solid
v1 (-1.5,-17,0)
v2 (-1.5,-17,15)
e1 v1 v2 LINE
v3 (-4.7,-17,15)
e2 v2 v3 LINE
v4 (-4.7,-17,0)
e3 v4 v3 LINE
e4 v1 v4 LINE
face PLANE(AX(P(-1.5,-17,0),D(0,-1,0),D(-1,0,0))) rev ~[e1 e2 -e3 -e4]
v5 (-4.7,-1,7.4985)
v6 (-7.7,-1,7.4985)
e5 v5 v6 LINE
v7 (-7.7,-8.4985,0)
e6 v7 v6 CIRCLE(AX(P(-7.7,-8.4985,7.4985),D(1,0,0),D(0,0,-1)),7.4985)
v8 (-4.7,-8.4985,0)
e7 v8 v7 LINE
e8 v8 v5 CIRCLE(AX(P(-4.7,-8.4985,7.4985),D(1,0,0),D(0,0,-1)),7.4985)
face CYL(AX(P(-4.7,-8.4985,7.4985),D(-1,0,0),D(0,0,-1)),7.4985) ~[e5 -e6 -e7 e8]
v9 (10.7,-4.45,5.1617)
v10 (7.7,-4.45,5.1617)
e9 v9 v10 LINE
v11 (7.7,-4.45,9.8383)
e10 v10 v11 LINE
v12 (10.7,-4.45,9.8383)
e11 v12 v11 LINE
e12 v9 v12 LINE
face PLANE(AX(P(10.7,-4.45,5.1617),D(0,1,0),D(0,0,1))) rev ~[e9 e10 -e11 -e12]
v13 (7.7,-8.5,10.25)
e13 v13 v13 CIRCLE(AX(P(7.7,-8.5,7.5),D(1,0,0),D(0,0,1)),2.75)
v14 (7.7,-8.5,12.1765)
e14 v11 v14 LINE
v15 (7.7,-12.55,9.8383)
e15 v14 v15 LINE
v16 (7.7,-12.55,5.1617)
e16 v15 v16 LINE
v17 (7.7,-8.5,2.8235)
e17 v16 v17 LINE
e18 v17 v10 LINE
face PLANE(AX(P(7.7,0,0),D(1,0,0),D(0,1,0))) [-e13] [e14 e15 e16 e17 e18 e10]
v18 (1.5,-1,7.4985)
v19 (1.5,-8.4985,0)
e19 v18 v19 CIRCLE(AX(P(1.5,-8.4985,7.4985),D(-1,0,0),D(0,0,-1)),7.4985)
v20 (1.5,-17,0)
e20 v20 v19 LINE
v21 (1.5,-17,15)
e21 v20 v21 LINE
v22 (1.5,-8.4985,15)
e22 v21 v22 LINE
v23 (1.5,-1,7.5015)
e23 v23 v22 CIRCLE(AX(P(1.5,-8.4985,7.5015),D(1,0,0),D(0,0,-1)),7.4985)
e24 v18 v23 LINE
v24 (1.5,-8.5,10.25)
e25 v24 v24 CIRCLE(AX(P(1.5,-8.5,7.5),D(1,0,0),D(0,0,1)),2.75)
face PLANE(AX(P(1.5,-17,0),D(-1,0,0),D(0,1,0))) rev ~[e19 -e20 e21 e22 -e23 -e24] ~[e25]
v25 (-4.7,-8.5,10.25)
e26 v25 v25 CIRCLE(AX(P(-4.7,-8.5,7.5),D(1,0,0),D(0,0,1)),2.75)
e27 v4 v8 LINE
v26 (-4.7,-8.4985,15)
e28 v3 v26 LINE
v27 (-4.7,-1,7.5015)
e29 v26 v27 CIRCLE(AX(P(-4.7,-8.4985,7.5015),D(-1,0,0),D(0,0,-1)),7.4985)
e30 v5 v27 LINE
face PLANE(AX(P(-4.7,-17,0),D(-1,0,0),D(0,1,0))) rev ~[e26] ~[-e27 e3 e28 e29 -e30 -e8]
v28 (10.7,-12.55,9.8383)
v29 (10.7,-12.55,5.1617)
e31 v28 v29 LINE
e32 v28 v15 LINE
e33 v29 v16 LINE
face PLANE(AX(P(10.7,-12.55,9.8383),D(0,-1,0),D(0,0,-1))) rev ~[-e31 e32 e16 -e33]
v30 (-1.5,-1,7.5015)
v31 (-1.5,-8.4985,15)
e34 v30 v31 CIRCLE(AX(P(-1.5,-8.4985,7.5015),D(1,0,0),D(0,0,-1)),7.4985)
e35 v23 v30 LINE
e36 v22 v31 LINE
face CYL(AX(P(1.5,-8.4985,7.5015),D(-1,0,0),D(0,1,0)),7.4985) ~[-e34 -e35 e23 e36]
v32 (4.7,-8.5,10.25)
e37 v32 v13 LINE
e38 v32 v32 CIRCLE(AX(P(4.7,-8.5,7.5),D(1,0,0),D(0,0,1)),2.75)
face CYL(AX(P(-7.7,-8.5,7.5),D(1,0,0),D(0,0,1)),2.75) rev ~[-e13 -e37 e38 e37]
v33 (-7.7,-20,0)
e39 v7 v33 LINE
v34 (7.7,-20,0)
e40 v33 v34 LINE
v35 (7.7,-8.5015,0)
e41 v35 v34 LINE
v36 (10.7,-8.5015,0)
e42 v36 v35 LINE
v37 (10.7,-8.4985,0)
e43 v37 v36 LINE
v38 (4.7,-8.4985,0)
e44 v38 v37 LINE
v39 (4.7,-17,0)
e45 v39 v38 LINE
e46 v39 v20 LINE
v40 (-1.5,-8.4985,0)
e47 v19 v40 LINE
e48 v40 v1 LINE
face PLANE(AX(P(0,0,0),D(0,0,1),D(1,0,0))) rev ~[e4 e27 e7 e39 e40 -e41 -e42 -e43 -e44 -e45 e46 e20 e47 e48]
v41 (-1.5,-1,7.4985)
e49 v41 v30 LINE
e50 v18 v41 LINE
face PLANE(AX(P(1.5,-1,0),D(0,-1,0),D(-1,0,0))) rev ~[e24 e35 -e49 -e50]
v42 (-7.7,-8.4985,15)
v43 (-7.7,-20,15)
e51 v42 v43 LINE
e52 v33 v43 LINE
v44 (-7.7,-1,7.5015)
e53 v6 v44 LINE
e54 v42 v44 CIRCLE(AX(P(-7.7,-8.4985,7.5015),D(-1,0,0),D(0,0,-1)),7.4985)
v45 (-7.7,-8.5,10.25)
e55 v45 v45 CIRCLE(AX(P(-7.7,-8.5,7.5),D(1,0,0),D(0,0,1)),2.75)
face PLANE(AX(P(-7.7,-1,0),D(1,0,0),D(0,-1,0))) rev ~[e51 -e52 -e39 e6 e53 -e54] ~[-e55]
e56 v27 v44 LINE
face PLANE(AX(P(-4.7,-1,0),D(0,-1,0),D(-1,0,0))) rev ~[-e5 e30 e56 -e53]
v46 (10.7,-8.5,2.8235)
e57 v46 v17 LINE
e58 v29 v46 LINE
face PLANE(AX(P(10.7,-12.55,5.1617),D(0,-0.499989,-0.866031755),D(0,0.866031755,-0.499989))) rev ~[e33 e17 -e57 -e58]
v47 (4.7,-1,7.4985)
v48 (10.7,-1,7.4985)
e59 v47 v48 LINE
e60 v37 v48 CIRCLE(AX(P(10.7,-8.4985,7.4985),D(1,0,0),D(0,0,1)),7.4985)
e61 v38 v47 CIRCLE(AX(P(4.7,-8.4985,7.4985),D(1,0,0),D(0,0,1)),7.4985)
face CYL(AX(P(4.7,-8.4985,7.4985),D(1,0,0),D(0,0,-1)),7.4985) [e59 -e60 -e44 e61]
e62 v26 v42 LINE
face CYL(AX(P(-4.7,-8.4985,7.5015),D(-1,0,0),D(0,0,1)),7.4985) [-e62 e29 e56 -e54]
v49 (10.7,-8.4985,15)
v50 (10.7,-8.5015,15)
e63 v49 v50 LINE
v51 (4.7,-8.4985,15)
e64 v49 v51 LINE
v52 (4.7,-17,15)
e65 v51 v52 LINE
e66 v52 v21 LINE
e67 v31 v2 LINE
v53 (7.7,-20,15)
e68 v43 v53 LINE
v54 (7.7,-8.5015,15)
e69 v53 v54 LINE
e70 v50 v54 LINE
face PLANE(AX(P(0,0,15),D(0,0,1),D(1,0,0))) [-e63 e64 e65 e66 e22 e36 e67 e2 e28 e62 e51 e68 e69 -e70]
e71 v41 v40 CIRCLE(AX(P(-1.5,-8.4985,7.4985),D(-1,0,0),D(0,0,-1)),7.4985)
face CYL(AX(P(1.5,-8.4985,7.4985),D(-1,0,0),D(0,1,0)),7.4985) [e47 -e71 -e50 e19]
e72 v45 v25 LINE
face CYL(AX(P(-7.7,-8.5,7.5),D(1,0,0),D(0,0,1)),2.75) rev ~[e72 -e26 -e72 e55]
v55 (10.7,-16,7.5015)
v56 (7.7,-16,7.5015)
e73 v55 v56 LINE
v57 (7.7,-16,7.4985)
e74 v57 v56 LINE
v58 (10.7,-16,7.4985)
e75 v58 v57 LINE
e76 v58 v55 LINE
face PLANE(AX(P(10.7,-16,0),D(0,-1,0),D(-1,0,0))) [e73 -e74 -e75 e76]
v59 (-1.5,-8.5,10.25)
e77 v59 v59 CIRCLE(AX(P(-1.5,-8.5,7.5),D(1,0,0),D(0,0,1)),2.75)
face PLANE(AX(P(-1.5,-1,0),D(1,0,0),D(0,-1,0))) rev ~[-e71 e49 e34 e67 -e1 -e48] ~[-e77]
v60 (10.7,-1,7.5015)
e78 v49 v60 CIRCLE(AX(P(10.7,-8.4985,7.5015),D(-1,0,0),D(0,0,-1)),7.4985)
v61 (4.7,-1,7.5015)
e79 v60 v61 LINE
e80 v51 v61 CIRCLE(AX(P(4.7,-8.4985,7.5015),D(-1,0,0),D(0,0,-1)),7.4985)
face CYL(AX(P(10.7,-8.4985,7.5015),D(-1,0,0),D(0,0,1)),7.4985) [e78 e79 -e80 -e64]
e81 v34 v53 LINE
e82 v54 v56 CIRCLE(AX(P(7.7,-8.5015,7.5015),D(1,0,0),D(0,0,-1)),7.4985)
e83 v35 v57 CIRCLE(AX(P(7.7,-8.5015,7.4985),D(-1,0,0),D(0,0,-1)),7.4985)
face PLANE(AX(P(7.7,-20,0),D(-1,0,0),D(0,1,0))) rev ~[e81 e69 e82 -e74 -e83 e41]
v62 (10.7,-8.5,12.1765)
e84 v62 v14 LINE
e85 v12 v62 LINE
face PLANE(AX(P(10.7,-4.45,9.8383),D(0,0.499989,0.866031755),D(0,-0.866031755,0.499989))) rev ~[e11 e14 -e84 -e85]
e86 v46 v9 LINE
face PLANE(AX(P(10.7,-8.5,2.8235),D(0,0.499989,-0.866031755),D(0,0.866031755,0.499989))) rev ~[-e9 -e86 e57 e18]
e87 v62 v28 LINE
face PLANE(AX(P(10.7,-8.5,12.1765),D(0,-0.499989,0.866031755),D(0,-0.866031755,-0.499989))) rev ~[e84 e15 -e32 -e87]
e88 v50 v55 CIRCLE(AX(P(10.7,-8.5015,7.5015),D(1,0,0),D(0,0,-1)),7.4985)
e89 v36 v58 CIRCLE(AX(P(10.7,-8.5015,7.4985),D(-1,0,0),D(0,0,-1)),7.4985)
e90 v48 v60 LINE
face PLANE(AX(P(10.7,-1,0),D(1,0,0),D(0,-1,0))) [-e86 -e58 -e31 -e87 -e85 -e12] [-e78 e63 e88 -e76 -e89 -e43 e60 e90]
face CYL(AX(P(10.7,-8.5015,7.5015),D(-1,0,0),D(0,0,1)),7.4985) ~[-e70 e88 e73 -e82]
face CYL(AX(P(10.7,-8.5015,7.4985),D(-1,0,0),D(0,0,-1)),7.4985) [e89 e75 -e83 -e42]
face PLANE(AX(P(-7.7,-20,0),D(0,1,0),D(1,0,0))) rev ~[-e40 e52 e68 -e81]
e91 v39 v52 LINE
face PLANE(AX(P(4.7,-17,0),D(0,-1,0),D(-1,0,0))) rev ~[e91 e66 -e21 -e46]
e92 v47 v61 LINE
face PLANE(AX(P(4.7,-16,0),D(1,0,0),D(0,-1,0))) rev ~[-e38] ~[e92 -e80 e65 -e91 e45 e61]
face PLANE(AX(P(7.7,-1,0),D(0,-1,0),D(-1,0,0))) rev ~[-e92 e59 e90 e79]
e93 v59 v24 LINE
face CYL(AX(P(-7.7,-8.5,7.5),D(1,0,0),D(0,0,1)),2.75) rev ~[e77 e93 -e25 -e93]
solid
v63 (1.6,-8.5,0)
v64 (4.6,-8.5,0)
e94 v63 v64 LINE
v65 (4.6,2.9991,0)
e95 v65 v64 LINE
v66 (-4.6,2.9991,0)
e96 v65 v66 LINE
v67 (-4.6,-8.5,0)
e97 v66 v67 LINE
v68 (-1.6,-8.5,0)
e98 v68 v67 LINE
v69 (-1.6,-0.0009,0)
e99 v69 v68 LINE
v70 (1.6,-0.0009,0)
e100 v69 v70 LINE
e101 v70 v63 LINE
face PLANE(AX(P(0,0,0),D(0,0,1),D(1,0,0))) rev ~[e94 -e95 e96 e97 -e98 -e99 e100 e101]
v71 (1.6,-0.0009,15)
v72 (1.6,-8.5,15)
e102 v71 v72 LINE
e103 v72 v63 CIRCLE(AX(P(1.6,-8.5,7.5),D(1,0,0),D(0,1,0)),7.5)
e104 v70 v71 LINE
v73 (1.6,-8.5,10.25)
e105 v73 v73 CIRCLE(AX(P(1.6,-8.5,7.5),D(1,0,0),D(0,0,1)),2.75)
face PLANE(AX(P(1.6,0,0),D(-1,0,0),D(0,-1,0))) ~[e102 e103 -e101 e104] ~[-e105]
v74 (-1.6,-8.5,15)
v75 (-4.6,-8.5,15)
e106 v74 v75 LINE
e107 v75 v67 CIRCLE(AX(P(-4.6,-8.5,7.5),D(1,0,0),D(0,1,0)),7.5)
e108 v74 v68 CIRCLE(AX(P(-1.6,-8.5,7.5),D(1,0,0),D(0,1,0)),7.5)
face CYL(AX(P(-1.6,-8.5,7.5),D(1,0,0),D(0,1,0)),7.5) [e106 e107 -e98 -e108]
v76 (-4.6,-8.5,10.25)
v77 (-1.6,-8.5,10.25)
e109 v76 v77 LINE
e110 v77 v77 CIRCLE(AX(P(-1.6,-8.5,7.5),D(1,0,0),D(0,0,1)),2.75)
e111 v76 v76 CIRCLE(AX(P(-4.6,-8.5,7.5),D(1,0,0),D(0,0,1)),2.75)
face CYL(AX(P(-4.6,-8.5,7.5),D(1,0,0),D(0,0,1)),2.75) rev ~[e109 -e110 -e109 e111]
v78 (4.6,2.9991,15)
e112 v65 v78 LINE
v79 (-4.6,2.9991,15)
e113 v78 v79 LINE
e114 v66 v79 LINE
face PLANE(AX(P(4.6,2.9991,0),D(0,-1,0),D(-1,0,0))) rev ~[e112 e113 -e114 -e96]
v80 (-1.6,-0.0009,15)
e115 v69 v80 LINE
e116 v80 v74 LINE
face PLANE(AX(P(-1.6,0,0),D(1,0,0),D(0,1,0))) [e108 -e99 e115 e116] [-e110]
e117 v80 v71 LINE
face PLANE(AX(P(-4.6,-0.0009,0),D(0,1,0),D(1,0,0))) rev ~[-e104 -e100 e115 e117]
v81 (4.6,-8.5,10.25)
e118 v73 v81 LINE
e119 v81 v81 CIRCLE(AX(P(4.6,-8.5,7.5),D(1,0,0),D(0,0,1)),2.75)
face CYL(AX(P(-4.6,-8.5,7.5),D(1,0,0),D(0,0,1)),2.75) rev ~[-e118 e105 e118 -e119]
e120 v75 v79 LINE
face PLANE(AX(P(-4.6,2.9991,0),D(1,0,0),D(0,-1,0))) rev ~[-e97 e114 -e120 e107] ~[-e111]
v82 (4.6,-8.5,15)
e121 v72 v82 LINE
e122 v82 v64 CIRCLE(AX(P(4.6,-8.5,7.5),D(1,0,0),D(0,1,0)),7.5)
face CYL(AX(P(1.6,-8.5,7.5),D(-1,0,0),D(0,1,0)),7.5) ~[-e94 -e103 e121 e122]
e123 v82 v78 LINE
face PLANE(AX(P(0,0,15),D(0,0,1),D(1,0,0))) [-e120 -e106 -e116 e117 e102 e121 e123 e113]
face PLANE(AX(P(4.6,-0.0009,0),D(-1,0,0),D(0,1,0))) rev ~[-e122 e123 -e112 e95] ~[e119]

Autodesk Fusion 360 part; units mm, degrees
ref_plane "WorkPlane1" through (-1.6, 0, 0) normal (1, 0, 0) x (0, 1, 0) in component "Gopro Profile Male"
sketch "Sketch25" plane through (-1.6, 0, 0) normal (1, 0, 0) x (0, 1, 0) in component "Gopro Profile Male"
  circle A0 centre (-8.5, 7.5) radius 7.5
  line L0 (0, 0) -> (-8.5, 0)
  line L1 (-0.0009, 15) -> (-8.5, 15)
  line L2 (-0.0009, 15) -> (0, 15)
  line L3 (0, 15) -> (0, 0)
  dimension "d499" = 15
  dimension "d631" = 8.5
extrude "Extrude16" add sketch "Sketch25" against normal blind 3 makes body 1 in component "Gopro Profile Male"
mirror "Mirror1" about plane through (0, 0, 0) normal (1, 0, 0) of "Extrude16" makes body 2 in component "Gopro Profile Male"
sketch "Sketch26" plane through (0, 0, 0) normal (0, 0, 1) x (1, 0, 0) in component "Gopro Profile Male"
  line L0 (-4.6, -0.0009) -> (4.6, -0.0009)
  line L1 (4.6, -0.0009) -> (4.6, 2.9991)
  line L2 (4.6, 2.9991) -> (-4.6, 2.9991)
  line L3 (-4.6, 2.9991) -> (-4.6, -0.0009)
  line L4 (4.6, -8.5) -> (4.6, -0.0009)
  point P0 (-4.6, -0.0009)
  dimension "d632" = 3
extrude "Extrude17" add sketch "Sketch26" along normal blind 15 bodies 1 2 in component "Gopro Profile Male"
hole "Hole4" at (-4.6, -8.5, 7.5) direction (1, 0, 0) diameter 5.5 depth 10 tip angle 118 bodies 1 in component "Gopro Profile Male"
sketch "Sketch1" plane through (0, 0, 0) normal (0, 0, 1) x (1, 0, 0) in component "Gopro Profile Female"
  line L0 (-1.6, -0.0009) -> (-1.6, -8.5)
  line L1 (-1.5, -1) -> (-1.5, -17)
  line L2 (-1.5, -17) -> (-4.7, -17)
  line L3 (-4.7, -17) -> (-4.7, -1)
  line L4 (-4.7, -1) -> (-7.7, -1)
  line L5 (-7.7, -1) -> (-7.7, -20)
  line L6 (-7.7, -20) -> (7.7, -20)
  line L7 (7.7, -20) -> (7.7, -1)
  line L8 (7.7, -1) -> (4.7, -1)
  line L9 (4.7, -1) -> (4.7, -17)
  line L10 (4.7, -17) -> (1.5, -17)
  line L11 (1.5, -17) -> (1.5, -1)
  line L12 (1.5, -1) -> (-1.5, -1)
  line L13 (7.7, -1) -> (10.7, -1)
  line L14 (10.7, -1) -> (10.7, -16)
  line L15 (10.7, -16) -> (4.7, -16)
  dimension "d509" = 3
  dimension "d510" = 1.5
  dimension "d511" = 3.2
  dimension "d512" = 17
  dimension "d513" = 16
  dimension "d514" = 3
  dimension "d525" = 15
  dimension "d526" = 3
  dimension "d615" = 3
extrude "Extrude1" add sketch "Sketch1" along normal blind 15 separate body makes body 3 in component "Gopro Profile Female"
fillet "Fillet1" radius 7.5 8 edges at (-6.2, -1, 0) (7.7, -1, 0) (0, -1, 0) (-6.2, -1, 15) (0, -1, 15) (7.7, -1, 15) (9.2, -16, 15) (9.2, -16, 0) on bodies 3 in component "Gopro Profile Female"
hole "Hole1" at (-7.7, -8.5, 7.5) direction (1, 0, 0) diameter 5.5 depth 20 tip angle 118 bodies 3 in component "Gopro Profile Female"
sketch "Sketch4" plane through (10.7, 0, 0) normal (1, 0, 0) x (0, 1, 0) in component "Gopro Profile Female"
  circle A0 centre (-8.5, 7.5) radius 7.5
  line L0 (-4.45, 9.8383) -> (-8.5, 12.1765)
  line L1 (-8.5, 12.1765) -> (-12.55, 9.8383)
  line L2 (-12.55, 9.8383) -> (-12.55, 5.1617)
  line L3 (-12.55, 5.1617) -> (-8.5, 2.8235)
  line L4 (-8.5, 2.8235) -> (-4.45, 5.1617)
  line L5 (-4.45, 5.1617) -> (-4.45, 9.8383)
  circle A1 centre (-8.5, 7.5) radius 2.75
  point P0 (-8.5, 7.5)
  dimension "d527" = 8.1
extrude "Extrude3" cut sketch "Sketch4" against normal blind 3 contours L0 L1 L2 L3 L4 L5 | A1 bodies 3 in component "Gopro Profile Female"
sketch "Sketch6" plane through (0, 0, 15) normal (0, 0, 1) x (-1, 0, 0) in component "Gopro Profile Female"
  line L0 (-7.7, 8.5) -> (-4.7, 8.5)
  line L1 (-4.7, 8.5) -> (-4.7, 17)
  line L2 (-4.7, 17) -> (-1.5, 17)
  line L3 (-1.5, 17) -> (-1.5, 8.5)
  line L4 (-1.5, 8.5) -> (1.5, 8.5)
  line L5 (1.5, 8.5) -> (1.5, 17)
  line L6 (1.5, 17) -> (4.7, 17)
  line L7 (4.7, 17) -> (4.7, 8.5)
  line L8 (4.7, 8.5) -> (7.7, 8.5)
  line L9 (0, 20.4687) -> (5.6563, 23.7344)
  line L10 (5.6562, 23.7344) -> (5.6563, 30.2656)
  line L11 (5.6563, 30.2656) -> (0, 33.5313)
  line L12 (0, 33.5313) -> (-5.6562, 30.2656)
  line L13 (-5.6562, 30.2656) -> (-5.6563, 23.7344)
  line L14 (-5.6563, 23.7344) -> (0, 20.4687)
  line L15 (-7.7, 20) -> (-7.7, 8.5)
  line L16 (7.7, 8.5) -> (7.7, 20)
  line L17 (7.7, 20) -> (-7.7, 20)
  point P0 (0, 27)
  point P1 (0, 27)
  dimension "d534" = 11.3125
hole "Hole2" at (0, -27, 15) direction (0, 0, -1) diameter 7.142 depth 20 tip angle 118 bodies 3 in component "Gopro Profile Female"
component "Gopro Profile Male" placed x (1, 0, 0) y (0, 1, 0) z (0, 0, 1) at (0, 0, 0)
component "Gopro Profile Female" placed x (1, 0, 0) y (0, 1, 0) z (0, 0, 1) at (0, 0, 0)
equation "d534 = 0.4375 in + 0.2 mm"
